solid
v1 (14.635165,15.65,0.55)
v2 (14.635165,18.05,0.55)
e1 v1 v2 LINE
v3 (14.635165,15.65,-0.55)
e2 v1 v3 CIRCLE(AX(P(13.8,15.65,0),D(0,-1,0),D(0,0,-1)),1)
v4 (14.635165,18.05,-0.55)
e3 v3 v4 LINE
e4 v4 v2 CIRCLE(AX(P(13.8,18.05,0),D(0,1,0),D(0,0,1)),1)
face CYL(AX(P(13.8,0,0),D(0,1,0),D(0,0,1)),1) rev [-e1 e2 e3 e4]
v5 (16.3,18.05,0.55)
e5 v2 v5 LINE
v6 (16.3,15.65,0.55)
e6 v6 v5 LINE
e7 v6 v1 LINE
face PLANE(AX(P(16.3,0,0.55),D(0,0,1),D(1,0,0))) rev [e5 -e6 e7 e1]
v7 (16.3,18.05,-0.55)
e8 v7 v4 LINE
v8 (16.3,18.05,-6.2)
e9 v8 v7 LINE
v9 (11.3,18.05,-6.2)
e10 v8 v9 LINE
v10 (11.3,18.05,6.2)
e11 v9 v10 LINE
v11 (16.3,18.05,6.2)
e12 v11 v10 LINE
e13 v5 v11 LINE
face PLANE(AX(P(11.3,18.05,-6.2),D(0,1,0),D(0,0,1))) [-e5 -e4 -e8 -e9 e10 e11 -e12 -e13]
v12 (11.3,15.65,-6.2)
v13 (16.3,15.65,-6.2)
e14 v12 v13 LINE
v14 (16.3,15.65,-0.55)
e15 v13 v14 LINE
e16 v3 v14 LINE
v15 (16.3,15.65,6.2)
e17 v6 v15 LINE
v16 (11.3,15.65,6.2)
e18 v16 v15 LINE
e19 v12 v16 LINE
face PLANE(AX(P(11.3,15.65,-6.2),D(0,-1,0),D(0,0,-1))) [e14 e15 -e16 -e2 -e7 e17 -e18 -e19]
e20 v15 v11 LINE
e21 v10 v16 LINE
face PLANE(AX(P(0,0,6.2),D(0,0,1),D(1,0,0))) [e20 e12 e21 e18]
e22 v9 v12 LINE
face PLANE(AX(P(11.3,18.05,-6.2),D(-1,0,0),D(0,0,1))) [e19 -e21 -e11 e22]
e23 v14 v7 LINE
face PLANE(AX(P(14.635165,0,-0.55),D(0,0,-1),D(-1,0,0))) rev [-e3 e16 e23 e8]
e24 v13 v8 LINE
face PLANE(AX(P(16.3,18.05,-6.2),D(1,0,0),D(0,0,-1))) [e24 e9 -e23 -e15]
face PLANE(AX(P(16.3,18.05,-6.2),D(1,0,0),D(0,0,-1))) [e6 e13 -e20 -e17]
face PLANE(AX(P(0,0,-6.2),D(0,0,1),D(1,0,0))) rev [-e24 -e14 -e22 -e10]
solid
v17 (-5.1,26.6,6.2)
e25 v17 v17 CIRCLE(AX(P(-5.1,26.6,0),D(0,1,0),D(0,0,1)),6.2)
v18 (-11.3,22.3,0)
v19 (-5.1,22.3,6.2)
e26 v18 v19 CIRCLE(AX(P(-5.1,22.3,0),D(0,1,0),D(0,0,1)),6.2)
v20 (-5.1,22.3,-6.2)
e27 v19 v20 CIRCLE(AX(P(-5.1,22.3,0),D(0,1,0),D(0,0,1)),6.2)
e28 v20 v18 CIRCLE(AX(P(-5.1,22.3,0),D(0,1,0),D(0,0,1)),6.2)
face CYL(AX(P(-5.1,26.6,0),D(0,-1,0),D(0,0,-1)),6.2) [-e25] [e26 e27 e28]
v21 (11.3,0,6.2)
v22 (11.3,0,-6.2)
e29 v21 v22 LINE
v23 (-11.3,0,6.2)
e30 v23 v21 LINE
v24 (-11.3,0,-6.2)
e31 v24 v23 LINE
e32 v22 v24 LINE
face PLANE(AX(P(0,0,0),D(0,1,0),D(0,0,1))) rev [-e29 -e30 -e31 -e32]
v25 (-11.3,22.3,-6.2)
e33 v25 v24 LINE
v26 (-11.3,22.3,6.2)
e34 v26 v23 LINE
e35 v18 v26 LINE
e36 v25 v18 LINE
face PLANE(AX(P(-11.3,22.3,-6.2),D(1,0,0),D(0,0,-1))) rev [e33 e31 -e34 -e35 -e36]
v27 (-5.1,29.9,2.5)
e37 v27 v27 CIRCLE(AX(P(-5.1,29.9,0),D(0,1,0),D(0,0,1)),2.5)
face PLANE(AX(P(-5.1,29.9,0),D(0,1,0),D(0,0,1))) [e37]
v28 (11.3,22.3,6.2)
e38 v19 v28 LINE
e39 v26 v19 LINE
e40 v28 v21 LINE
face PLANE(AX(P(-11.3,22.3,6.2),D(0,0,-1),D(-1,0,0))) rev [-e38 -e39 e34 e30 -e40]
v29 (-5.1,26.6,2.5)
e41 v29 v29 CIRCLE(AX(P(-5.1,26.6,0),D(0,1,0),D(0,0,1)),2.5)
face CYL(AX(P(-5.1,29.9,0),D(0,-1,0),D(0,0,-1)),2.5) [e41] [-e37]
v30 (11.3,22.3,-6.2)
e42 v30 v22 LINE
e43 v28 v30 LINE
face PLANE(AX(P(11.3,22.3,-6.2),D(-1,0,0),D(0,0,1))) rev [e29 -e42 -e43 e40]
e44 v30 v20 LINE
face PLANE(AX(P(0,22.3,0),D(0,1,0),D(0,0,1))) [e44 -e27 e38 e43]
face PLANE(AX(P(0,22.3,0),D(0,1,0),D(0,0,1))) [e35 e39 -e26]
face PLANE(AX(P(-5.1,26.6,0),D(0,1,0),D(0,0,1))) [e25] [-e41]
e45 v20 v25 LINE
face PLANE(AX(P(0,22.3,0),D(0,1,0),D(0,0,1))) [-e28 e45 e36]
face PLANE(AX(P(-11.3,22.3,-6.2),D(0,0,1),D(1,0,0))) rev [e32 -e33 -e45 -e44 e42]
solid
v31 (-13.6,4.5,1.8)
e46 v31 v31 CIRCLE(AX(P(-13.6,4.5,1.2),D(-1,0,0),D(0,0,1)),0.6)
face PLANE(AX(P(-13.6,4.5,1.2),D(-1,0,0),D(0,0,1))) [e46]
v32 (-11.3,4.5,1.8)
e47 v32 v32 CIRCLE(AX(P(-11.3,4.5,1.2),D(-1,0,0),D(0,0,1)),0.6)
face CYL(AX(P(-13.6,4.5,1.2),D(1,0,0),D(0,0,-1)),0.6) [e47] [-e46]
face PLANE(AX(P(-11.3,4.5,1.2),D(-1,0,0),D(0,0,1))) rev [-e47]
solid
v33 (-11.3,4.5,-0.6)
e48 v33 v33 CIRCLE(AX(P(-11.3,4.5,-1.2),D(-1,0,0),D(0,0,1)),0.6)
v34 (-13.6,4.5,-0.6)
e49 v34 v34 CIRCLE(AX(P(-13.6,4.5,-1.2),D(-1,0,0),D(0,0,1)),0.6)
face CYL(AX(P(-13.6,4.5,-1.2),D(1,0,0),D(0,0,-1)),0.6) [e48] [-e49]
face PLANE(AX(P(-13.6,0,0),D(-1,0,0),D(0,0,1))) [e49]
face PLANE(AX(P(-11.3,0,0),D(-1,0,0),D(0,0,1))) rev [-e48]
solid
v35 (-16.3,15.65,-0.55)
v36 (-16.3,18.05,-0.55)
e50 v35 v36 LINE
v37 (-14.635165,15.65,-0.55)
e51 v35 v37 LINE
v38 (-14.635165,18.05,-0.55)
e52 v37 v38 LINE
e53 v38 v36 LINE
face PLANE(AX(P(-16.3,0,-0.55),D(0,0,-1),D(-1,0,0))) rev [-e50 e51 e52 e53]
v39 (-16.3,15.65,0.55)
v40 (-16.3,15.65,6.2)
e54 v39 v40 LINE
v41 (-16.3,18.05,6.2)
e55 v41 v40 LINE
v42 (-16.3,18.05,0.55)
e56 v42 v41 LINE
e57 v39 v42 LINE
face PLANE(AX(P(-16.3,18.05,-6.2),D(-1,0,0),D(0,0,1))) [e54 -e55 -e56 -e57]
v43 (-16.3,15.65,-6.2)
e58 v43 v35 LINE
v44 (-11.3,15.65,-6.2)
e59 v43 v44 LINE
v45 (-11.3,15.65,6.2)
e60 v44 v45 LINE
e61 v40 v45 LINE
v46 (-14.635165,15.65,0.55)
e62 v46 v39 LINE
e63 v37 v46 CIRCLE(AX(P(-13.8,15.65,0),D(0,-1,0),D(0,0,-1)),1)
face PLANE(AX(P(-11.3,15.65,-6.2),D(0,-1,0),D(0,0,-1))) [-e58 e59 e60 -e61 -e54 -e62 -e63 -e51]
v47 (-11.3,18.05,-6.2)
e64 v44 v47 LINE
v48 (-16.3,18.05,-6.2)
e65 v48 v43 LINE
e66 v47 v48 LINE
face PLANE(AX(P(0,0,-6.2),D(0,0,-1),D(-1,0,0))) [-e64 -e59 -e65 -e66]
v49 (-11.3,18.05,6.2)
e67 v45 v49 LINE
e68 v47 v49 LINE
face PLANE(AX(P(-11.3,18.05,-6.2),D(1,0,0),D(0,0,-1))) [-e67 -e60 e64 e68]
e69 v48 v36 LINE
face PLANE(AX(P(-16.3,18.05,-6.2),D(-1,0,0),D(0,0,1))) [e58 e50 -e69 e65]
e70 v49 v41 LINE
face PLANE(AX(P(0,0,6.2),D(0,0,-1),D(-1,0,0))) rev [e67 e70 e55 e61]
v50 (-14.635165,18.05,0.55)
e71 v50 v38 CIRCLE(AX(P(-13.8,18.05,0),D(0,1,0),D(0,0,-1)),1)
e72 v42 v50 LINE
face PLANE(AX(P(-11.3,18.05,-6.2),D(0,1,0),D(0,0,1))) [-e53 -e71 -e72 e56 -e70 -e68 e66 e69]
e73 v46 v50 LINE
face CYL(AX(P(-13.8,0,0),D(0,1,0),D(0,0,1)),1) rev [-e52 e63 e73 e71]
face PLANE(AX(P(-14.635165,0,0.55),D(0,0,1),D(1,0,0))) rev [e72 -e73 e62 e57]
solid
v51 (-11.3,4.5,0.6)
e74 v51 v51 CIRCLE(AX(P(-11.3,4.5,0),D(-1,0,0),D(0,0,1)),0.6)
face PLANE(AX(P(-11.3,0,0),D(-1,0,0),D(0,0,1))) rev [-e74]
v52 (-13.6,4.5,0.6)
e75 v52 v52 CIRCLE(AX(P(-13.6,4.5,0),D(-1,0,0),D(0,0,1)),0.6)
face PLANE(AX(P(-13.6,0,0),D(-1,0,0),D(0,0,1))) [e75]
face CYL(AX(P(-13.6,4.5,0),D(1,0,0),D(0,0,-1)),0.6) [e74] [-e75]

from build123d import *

# Parameters (mm, degrees)
SKETCH_1_W          = 22.6
SKETCH_1_H          = 12.4
EXTRUDE_1_DEPTH     = 22.3
SKETCH_2_W          = 5
SKETCH_2_H          = 2.4
EXTRUDE_2_DEPTH     = 12.4
EXTRUDE_2_2_DEPTH   = 12.4
CUT_EXTRUDE_1_DEPTH = 26.098456128
SKETCH_4_R          = 6.2
EXTRUDE_3_DEPTH     = 4.3
SKETCH_5_R          = 2.5
EXTRUDE_4_DEPTH     = 3.3
SKETCH_6_R          = 0.6
EXTRUDE_8_DEPTH     = 2.3
EXTRUDE_8_2_DEPTH   = 2.3
EXTRUDE_8_3_DEPTH   = 2.3


with BuildPart() as part:
    # 草图1 → 凸台-拉伸1 (new body)
    with BuildSketch(Plane(origin=(0, 0, 0), x_dir=(1, 0, 0), z_dir=(0, 1, 0))):
        Rectangle(SKETCH_1_W, SKETCH_1_H)
    extrude(amount=EXTRUDE_1_DEPTH)

    # 草图4 → 凸台-拉伸3 (add)
    with BuildSketch(Plane(origin=(0, 22.3, 0), x_dir=(1, 0, 0), z_dir=(0, 1, 0))):
        with Locations(Location((-5.1, 0, 0), (0, 0, 270))):
            Circle(SKETCH_4_R)
    extrude(amount=EXTRUDE_3_DEPTH)

    # 草图5 → 凸台-拉伸4 (add)
    with BuildSketch(Plane(origin=(0, 26.6, 0), x_dir=(1, 0, 0), z_dir=(0, 1, 0))):
        with Locations(Location((-5.1, 0, 0), (0, 0, 270))):
            Circle(SKETCH_5_R)
    extrude(amount=EXTRUDE_4_DEPTH)


with BuildPart() as body_2:
    # 草图2 → 凸台-拉伸2 (new, through all)
    with BuildSketch(Plane.XY.offset(6.2)):
        with Locations((13.8, 16.85)):
            Rectangle(SKETCH_2_W, SKETCH_2_H)
    extrude(amount=-EXTRUDE_2_DEPTH)


with BuildPart() as body_3:
    # 草图2 → Extrude 2 2 (new, through all)
    with BuildSketch(Plane.XY.offset(6.2)):
        with Locations((-13.8, 16.85)):
            Rectangle(SKETCH_2_W, SKETCH_2_H)
    extrude(amount=-EXTRUDE_2_2_DEPTH)


with BuildPart() as cut_extrude_1_tool:
    # 草图3 → 切除-拉伸1 (new, through all)
    with BuildSketch(Plane(origin=(0, 18.05, 0), x_dir=(1, 0, 0), z_dir=(0, 1, 0))):
        with BuildLine():
            Line((14.635164654, 0.55), (16.3, 0.55))
            Line((16.3, 0.55), (16.3, -0.55))
            Line((16.3, -0.55), (14.635164654, -0.55))
            ThreePointArc((14.635164654, -0.55), (12.8, 0), (14.635164654, 0.55))
        make_face()
        with BuildLine():
            Line((-14.635164654, -0.55), (-16.3, -0.55))
            Line((-16.3, -0.55), (-16.3, 0.55))
            Line((-16.3, 0.55), (-14.635164654, 0.55))
            ThreePointArc((-14.635164654, 0.55), (-12.8, 0), (-14.635164654, -0.55))
        make_face()
    extrude(amount=-CUT_EXTRUDE_1_DEPTH)


with BuildPart() as body_2_1:
    add(body_2.part)

    # 切除-拉伸1: cut by cut_extrude_1_tool
    add(cut_extrude_1_tool.part, mode=Mode.SUBTRACT)


with BuildPart() as body_3_1:
    add(body_3.part)

    # 切除-拉伸1: cut by cut_extrude_1_tool
    add(cut_extrude_1_tool.part, mode=Mode.SUBTRACT)


with BuildPart() as body_4:
    # 草图6 → 凸台-拉伸8 (new body)
    with BuildSketch(Plane.ZY.offset(11.3)):
        with Locations((0, 4.5)):
            Circle(SKETCH_6_R)
    extrude(amount=EXTRUDE_8_DEPTH)


with BuildPart() as body_5:
    # 草图6 → Extrude 8 2 (new body)
    with BuildSketch(Plane.ZY.offset(11.3)):
        with Locations((1.2, 4.5)):
            Circle(SKETCH_6_R)
    extrude(amount=EXTRUDE_8_2_DEPTH)


with BuildPart() as body_6:
    # 草图6 → Extrude 8 3 (new body)
    with BuildSketch(Plane.ZY.offset(11.3)):
        with Locations((-1.2, 4.5)):
            Circle(SKETCH_6_R)
    extrude(amount=EXTRUDE_8_3_DEPTH)


solid = Compound([part.part, body_2_1.part, body_3_1.part, body_4.part, body_5.part, body_6.part])
